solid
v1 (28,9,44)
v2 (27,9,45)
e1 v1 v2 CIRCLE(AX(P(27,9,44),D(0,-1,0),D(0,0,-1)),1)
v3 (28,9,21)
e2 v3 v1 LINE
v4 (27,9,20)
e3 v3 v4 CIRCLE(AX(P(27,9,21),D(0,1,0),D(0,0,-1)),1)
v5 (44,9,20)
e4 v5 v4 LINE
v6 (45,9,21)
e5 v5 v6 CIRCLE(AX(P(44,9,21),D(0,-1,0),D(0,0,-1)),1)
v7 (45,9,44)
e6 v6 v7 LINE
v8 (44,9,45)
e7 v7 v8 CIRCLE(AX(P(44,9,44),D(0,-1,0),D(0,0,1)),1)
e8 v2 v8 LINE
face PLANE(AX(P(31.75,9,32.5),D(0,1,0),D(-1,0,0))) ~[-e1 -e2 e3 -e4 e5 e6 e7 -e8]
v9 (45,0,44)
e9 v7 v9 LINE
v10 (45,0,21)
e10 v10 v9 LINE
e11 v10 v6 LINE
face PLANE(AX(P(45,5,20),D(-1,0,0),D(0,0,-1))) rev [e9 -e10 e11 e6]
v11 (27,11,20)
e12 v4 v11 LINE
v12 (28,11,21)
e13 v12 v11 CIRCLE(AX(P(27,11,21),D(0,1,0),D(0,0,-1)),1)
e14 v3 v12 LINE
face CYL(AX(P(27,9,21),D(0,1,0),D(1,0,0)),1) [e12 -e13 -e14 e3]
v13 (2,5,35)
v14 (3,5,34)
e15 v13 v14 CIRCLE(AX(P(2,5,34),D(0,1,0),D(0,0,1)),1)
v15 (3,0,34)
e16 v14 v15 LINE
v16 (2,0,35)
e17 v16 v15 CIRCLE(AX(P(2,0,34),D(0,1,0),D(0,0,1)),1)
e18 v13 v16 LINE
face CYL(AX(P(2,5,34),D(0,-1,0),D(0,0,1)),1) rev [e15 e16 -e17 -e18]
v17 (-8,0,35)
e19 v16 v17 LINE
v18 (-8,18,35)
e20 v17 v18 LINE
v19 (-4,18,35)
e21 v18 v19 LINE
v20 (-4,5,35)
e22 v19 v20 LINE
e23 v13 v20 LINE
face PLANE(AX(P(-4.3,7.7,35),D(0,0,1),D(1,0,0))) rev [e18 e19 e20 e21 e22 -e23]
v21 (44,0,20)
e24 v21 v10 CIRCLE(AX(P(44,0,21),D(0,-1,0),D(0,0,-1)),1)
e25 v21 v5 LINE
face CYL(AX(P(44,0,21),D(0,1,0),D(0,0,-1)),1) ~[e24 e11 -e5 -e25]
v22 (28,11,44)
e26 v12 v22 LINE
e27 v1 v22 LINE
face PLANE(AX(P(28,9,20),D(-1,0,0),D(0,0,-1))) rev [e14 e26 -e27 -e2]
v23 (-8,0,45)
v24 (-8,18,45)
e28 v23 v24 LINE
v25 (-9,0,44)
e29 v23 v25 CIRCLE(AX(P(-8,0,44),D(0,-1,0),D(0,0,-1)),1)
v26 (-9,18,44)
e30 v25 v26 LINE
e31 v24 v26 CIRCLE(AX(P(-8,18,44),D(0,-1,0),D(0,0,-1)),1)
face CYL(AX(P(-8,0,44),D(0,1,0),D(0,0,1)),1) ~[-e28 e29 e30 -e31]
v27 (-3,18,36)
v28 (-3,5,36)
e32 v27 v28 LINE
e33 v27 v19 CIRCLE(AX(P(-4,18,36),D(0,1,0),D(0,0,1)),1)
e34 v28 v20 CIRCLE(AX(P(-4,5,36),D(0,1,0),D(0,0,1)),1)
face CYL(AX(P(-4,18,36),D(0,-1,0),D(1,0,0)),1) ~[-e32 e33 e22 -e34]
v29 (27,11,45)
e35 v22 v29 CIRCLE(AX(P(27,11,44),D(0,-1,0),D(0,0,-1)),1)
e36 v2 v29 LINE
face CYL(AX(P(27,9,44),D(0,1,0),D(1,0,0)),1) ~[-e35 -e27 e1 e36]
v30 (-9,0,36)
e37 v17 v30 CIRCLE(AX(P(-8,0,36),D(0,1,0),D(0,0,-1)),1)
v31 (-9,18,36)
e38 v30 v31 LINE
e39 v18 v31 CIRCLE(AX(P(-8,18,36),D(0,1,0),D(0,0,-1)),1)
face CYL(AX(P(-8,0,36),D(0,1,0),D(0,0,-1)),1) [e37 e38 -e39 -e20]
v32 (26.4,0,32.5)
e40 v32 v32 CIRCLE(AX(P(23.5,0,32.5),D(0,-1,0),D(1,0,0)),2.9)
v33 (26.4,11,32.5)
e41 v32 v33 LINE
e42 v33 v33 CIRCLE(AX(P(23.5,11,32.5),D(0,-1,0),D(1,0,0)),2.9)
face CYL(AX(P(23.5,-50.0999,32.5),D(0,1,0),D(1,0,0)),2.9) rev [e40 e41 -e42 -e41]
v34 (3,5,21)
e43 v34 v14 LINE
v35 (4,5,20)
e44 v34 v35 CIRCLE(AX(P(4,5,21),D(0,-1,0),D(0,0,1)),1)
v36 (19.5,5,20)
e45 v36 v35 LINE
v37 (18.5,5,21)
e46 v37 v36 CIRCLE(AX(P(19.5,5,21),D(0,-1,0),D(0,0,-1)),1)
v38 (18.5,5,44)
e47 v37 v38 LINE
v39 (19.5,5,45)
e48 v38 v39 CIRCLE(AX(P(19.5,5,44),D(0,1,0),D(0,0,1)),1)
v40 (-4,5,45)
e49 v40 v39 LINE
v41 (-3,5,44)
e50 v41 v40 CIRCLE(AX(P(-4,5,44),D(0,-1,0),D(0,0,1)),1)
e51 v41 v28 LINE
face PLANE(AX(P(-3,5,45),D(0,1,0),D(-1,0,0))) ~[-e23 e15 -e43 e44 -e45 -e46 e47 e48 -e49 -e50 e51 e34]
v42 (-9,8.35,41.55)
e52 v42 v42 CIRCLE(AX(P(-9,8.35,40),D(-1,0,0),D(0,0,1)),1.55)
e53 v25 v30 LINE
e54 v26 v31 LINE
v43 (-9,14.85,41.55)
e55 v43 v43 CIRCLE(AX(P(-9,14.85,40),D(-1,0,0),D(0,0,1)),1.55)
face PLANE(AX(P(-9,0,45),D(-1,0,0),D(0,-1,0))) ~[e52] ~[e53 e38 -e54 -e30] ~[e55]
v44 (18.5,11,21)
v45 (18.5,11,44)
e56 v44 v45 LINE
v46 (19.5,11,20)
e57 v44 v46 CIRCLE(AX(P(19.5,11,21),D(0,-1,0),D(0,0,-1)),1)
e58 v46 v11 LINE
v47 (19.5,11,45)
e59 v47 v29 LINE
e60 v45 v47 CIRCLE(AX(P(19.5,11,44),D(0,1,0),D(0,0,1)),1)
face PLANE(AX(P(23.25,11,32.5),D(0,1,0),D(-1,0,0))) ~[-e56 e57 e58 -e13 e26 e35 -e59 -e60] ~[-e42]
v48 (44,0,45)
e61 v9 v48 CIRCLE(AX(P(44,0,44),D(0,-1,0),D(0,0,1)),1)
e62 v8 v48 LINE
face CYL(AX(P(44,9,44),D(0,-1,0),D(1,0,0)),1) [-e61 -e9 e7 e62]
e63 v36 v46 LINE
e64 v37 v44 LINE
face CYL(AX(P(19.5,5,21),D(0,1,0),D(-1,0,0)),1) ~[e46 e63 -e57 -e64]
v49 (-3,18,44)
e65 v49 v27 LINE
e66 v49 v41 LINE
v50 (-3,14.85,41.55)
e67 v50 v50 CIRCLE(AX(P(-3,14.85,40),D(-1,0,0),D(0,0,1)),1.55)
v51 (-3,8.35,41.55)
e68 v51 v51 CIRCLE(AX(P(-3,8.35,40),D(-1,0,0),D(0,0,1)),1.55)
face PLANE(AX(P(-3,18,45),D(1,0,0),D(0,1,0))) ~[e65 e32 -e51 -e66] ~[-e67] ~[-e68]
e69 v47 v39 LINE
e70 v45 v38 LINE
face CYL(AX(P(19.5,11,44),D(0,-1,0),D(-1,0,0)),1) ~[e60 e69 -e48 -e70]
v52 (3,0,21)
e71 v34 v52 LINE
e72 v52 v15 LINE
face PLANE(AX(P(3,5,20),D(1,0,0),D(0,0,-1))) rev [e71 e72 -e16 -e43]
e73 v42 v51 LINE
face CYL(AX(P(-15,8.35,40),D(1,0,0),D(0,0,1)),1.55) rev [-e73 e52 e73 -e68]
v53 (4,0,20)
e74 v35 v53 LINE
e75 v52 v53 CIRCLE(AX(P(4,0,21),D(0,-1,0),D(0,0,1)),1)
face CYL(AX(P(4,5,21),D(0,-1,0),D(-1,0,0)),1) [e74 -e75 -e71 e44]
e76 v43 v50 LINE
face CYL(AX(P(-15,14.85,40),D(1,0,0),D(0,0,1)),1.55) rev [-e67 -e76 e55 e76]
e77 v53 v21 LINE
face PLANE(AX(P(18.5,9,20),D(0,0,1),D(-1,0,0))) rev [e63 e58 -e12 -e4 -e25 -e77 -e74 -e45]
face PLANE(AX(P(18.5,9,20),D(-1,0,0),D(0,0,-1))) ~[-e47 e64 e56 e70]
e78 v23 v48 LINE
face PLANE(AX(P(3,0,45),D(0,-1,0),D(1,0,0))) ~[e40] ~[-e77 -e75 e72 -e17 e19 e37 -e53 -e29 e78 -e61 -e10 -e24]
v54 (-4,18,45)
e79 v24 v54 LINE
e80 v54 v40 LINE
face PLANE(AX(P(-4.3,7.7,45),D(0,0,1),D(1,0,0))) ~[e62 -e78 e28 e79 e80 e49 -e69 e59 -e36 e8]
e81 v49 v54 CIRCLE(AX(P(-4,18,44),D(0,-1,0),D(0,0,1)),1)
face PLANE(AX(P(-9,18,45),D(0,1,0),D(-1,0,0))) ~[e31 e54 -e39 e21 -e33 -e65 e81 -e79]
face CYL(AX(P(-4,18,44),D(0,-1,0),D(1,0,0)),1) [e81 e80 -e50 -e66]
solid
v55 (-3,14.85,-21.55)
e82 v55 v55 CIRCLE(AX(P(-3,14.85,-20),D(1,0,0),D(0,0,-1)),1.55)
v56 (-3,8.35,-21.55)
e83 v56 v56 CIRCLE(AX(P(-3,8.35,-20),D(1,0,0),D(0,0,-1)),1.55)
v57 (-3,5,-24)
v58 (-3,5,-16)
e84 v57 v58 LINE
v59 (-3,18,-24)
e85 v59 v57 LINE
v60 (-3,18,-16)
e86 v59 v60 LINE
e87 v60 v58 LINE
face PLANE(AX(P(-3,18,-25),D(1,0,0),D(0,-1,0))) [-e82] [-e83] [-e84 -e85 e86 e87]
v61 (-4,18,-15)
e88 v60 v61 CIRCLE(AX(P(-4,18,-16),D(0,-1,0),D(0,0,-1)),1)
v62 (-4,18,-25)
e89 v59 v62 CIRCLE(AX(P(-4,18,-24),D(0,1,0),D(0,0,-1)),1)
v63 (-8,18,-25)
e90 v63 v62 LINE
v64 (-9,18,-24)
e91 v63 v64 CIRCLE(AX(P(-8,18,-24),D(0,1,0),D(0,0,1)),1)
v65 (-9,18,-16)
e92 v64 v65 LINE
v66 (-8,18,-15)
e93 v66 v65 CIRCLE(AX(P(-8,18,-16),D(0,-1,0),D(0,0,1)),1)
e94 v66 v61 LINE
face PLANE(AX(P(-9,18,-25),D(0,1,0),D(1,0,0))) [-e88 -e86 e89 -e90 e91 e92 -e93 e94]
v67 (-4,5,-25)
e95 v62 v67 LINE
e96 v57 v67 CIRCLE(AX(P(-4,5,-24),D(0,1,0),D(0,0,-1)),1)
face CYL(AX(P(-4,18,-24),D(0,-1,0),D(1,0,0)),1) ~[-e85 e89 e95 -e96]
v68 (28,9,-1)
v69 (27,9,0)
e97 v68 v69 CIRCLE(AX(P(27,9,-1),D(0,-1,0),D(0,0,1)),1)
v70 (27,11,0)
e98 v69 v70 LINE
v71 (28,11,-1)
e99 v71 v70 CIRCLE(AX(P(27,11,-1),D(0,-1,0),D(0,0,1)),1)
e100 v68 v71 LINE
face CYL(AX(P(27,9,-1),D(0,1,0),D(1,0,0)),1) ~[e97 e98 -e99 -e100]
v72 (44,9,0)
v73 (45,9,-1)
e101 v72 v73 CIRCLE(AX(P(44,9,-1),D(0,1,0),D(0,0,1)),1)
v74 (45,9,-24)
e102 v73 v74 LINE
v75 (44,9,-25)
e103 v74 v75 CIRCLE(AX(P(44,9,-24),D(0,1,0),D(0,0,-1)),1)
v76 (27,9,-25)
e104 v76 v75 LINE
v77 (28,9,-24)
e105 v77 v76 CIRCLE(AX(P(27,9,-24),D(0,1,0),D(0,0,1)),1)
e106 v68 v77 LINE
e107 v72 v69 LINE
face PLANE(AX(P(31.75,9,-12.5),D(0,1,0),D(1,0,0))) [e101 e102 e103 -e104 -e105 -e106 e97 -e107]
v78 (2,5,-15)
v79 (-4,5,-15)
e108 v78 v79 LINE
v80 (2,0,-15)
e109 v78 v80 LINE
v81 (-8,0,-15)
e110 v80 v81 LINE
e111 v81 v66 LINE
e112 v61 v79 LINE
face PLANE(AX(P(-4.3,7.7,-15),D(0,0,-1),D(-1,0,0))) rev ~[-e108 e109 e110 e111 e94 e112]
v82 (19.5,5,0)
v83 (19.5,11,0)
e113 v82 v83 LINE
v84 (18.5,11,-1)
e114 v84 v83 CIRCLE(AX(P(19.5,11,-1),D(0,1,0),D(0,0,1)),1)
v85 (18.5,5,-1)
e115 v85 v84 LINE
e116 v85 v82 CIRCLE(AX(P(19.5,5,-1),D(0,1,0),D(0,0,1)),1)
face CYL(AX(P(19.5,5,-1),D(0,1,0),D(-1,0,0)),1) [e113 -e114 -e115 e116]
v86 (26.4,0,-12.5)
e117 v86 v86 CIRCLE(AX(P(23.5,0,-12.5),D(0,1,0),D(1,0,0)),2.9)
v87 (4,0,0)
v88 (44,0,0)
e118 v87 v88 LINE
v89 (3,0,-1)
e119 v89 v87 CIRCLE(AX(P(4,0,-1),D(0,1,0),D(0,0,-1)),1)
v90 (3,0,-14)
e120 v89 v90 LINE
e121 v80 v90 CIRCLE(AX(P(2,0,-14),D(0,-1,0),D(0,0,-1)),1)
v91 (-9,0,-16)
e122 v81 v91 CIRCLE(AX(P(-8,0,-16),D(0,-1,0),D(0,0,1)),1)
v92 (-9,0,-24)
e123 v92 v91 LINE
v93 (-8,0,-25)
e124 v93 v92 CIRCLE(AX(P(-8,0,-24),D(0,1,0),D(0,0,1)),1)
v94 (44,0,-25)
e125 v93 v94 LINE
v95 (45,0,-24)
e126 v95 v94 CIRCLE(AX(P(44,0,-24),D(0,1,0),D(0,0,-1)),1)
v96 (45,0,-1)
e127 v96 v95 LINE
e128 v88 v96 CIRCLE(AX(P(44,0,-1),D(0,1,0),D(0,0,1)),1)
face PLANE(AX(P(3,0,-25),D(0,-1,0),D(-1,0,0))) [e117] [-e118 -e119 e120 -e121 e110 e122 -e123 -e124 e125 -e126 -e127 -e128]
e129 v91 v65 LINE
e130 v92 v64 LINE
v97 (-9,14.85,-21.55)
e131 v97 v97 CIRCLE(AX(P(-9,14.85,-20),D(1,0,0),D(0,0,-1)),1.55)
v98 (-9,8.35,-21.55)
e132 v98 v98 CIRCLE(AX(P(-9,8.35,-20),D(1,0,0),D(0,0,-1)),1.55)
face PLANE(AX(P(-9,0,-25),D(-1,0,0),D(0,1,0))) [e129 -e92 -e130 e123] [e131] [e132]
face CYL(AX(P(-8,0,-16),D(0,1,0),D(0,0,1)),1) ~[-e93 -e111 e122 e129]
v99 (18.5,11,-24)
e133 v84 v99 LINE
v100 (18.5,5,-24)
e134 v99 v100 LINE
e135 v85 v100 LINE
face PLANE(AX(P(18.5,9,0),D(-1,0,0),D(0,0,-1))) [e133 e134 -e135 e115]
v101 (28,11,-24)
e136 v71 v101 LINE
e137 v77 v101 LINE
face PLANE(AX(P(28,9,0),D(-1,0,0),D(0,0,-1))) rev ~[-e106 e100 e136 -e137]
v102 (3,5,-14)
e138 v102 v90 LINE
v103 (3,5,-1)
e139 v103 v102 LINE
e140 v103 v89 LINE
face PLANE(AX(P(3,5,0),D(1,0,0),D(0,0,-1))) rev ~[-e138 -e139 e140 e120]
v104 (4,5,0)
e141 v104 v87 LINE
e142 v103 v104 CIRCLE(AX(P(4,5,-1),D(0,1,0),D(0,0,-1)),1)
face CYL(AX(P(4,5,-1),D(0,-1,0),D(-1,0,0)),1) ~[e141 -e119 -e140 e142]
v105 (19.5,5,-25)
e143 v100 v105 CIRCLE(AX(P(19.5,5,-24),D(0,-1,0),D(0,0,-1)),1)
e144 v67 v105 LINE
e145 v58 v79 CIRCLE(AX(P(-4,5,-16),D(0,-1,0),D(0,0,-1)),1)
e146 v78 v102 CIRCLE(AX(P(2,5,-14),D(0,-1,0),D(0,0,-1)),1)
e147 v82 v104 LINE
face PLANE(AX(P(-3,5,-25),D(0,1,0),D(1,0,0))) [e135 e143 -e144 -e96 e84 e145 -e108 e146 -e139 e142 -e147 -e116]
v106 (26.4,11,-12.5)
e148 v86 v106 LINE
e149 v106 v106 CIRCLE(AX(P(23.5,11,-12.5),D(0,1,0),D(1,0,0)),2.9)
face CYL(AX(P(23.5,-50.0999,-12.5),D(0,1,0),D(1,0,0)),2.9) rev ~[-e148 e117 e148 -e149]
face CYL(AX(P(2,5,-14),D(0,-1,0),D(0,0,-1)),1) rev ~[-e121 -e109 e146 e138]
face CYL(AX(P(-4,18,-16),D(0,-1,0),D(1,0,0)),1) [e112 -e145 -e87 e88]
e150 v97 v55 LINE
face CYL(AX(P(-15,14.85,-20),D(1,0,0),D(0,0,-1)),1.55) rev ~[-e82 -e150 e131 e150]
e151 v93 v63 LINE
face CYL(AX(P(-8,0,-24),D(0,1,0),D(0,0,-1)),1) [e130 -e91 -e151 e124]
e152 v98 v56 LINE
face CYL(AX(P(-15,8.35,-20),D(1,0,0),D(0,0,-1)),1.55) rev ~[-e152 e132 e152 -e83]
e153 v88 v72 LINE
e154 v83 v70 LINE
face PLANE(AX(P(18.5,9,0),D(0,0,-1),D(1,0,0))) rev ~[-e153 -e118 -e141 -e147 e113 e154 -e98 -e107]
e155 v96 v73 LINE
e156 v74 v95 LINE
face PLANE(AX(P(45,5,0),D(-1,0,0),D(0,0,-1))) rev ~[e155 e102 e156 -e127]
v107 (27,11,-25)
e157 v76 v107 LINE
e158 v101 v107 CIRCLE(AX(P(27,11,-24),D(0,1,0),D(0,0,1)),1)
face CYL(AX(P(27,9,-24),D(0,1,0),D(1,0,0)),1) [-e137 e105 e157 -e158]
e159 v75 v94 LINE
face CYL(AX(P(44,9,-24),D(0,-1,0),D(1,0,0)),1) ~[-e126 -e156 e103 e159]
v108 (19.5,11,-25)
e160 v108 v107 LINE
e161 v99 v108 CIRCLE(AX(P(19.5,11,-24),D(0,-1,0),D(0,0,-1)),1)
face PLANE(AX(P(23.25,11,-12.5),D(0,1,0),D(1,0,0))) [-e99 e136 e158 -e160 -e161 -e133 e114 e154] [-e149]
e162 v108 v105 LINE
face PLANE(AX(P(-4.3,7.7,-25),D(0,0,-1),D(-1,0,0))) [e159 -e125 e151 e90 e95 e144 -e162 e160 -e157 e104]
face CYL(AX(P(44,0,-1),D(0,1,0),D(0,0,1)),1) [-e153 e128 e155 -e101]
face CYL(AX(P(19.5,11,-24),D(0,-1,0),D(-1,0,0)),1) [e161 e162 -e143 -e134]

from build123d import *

# Parameters (mm, degrees)
SKETCH1_W                  = 45
SKETCH1_H                  = 25
BOSS_EXTRUDE1_DEPTH        = 5
SKETCH5_W                  = 26.5
SKETCH5_H                  = 25
BOSS_EXTRUDE3_DEPTH        = 4
SKETCH11_W                 = 9.5
SKETCH11_H                 = 25
BOSS_EXTRUDE5_DEPTH        = 2
SKETCH12_W                 = 3
SKETCH12_H                 = 25
CUT_EXTRUDE2_DEPTH         = 52.826634079
M5_CLEARANCE_HOLE1_D       = 5.8
BOSS_EXTRUDE8_DEPTH        = 10
M2_5_CLEARANCE_HOLE1_D     = 3.1
M2_5_CLEARANCE_HOLE1_DEPTH = 6
M2_5_CLEARANCE_HOLE1_TIP   = 0.931333959
FILLET2_R                  = 1


with BuildPart() as part:
    # Sketch1 → Boss-Extrude1 (new body)
    with BuildSketch(Plane(origin=(0, 0, 0), x_dir=(1, 0, 0), z_dir=(0, 1, 0))):
        with Locations((22.5, 12.5)):
            Rectangle(SKETCH1_W, SKETCH1_H)
    extrude(amount=BOSS_EXTRUDE1_DEPTH)

    # Sketch5 → Boss-Extrude3 (add)
    with BuildSketch(Plane(origin=(0, 5, 0), x_dir=(1, 0, 0), z_dir=(0, 1, 0))):
        with Locations((31.75, 12.5)):
            Rectangle(SKETCH5_W, SKETCH5_H)
    extrude(amount=BOSS_EXTRUDE3_DEPTH)

    # Sketch11 → Boss-Extrude5 (add)
    with BuildSketch(Plane(origin=(0, 9, 0), x_dir=(1, 0, 0), z_dir=(0, 1, 0))):
        with Locations((23.25, 12.5)):
            Rectangle(SKETCH11_W, SKETCH11_H)
    extrude(amount=BOSS_EXTRUDE5_DEPTH)

    # Sketch12 → Cut-Extrude2 (cut, through all)
    with BuildSketch(Plane(origin=(0, 5, 0), x_dir=(1, 0, 0), z_dir=(0, 1, 0))):
        with Locations((1.5, 12.5)):
            Rectangle(SKETCH12_W, SKETCH12_H)
    extrude(amount=-CUT_EXTRUDE2_DEPTH, mode=Mode.SUBTRACT)

    # M5 Clearance Hole1 (through all)
    with Locations(Plane(origin=(0, 0, 0), x_dir=(-1, 0, 0), z_dir=(0, -1, 0))):
        with Locations((-23.5, 12.5)):
            Hole(M5_CLEARANCE_HOLE1_D / 2)

    # Sketch18 → Boss-Extrude8 (add)
    with BuildSketch(Plane(origin=(0, 0, -25), x_dir=(-1, 0, 0), z_dir=(0, 0, -1))):
        Polygon((-3, 0), (9, 0), (9, 18), (3, 18), (3, 5), (-3, 5), align=None)
    extrude(amount=-BOSS_EXTRUDE8_DEPTH)

    # M2.5 Clearance Hole1
    with Locations(Plane.ZY.offset(9)):
        with Locations((-20, 14.85), (-20, 8.35)):
            Hole(M2_5_CLEARANCE_HOLE1_D / 2, depth=M2_5_CLEARANCE_HOLE1_DEPTH)
            with Locations((0, 0, -(M2_5_CLEARANCE_HOLE1_DEPTH + M2_5_CLEARANCE_HOLE1_TIP / 2))):  # 118° drill point
                Cone(0, M2_5_CLEARANCE_HOLE1_D / 2, M2_5_CLEARANCE_HOLE1_TIP, mode=Mode.SUBTRACT)

    # Fillet2
    fillet2_edges = [part.edges().sort_by_distance(p)[0] for p in [
        (18.5, 8, -25),
        (18.5, 8, 0),
        (28, 10, 0),
        (28, 10, -25),
        (3, 2.5, 0),
        (3, 2.5, -15),
        (-3, 11.5, -15),
        (-9, 9, -15),
        (-9, 9, -25),
        (-3, 11.5, -25),
        (45, 4.5, -25),
        (45, 4.5, 0),
    ]]
    fillet(fillet2_edges, radius=FILLET2_R)


with BuildPart() as body_2:
    # Mirror2: mirrored copy
    add(part.part.mirror(Plane.XY.offset(10)))


solid = Compound([part.part, body_2.part])
